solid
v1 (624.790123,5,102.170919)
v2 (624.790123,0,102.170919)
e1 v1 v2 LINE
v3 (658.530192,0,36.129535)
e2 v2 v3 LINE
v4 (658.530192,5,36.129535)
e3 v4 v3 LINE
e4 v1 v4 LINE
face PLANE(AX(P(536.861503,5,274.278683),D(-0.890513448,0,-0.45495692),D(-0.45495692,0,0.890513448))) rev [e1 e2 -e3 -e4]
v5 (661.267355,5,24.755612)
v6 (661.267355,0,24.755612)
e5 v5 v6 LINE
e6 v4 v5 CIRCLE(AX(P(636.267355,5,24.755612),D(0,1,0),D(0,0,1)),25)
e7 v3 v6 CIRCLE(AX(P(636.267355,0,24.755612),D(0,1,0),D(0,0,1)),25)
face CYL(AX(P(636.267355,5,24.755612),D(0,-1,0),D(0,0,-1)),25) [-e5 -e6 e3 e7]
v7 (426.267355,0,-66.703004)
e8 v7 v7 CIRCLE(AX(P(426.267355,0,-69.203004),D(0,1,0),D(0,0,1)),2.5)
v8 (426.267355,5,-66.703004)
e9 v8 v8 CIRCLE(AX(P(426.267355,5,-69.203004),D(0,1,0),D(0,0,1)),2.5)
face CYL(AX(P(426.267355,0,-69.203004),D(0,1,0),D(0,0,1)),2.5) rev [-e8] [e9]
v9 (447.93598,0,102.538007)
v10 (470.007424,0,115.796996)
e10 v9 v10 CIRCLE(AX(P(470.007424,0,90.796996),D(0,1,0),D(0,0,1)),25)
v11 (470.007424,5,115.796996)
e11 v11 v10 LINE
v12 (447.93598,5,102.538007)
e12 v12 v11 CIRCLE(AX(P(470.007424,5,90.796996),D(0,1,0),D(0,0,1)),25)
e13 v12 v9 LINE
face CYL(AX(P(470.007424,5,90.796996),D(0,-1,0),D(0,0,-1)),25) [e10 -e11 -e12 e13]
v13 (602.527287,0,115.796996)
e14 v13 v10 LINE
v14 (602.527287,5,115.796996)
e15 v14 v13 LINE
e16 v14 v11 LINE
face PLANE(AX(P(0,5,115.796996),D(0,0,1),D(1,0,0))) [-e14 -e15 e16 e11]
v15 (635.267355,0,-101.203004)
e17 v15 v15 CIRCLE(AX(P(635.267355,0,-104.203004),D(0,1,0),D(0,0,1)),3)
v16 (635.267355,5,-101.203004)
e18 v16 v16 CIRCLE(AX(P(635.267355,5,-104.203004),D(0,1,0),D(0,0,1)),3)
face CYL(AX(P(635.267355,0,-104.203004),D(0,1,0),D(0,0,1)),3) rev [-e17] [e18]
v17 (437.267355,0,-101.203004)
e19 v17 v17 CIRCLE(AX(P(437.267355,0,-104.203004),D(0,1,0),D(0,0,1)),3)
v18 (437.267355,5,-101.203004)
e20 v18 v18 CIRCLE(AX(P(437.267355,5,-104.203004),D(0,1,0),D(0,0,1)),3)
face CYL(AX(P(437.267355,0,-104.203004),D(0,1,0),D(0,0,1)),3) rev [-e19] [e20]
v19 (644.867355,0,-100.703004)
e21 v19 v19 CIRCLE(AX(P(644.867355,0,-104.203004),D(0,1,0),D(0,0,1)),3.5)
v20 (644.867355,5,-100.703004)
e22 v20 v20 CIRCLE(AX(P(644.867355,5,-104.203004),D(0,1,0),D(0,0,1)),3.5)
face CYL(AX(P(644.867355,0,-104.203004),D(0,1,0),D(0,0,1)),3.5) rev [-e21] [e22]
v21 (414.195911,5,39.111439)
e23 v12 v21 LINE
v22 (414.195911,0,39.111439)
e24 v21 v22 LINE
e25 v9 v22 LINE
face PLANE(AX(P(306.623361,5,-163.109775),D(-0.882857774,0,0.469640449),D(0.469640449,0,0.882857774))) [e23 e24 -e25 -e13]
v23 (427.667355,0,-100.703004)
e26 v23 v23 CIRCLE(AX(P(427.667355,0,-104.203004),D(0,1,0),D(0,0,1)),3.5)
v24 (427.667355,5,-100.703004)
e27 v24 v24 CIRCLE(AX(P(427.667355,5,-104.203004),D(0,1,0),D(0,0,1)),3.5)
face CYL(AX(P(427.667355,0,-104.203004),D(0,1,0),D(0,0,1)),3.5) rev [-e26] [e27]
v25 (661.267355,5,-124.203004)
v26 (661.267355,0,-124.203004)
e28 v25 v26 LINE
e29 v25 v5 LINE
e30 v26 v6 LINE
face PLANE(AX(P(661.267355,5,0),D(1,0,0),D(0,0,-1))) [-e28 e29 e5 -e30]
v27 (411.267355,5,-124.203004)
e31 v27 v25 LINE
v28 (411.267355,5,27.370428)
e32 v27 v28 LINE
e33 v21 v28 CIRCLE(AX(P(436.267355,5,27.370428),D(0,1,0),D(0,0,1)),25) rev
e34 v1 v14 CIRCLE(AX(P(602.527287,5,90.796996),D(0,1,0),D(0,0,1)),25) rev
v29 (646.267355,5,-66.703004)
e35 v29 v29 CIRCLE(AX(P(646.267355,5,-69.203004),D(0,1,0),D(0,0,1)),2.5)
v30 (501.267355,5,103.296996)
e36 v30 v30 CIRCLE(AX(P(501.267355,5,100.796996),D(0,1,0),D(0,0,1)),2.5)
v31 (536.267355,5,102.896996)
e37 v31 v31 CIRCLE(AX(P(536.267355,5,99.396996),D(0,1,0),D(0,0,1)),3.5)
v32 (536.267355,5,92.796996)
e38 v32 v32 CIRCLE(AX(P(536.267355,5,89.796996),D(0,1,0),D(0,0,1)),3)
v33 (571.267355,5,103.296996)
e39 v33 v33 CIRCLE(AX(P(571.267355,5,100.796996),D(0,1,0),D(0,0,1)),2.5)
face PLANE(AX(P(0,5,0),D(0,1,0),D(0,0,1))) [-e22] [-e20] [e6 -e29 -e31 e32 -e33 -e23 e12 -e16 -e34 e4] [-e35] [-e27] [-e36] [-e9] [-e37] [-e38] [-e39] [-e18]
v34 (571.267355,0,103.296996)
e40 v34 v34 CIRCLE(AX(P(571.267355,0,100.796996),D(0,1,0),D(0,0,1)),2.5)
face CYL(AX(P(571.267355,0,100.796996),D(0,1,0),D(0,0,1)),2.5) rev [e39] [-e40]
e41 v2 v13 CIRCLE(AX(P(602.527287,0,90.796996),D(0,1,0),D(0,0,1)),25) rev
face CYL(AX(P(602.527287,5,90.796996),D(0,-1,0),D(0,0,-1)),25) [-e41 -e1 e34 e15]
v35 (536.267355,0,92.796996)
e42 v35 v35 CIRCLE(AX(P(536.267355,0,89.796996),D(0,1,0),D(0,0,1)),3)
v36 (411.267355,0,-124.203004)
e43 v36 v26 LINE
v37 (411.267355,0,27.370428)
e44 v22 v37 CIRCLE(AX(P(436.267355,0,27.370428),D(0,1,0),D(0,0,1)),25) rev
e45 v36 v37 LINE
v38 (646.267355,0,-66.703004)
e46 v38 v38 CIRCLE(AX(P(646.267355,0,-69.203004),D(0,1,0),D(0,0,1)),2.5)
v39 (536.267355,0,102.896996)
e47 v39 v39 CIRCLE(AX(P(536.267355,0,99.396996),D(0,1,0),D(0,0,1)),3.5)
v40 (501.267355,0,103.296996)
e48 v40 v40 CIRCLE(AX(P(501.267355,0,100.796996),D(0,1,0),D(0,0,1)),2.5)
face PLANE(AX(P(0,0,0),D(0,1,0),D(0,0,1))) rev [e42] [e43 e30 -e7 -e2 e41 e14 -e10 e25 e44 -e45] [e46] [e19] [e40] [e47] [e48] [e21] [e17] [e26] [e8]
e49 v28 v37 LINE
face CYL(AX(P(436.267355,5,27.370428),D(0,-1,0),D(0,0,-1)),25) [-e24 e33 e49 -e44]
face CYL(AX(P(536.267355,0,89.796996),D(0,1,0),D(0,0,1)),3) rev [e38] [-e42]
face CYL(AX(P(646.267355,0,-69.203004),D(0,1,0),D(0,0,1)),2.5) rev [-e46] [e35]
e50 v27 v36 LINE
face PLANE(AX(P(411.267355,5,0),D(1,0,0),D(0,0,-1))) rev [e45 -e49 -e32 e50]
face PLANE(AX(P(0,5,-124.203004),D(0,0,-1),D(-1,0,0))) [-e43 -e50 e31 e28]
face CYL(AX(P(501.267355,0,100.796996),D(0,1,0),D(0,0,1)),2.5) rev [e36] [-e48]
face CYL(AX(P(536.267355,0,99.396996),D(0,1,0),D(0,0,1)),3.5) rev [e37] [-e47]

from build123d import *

# Parameters (mm, degrees)
RESSALTO_EXTRUS_O4_DEPTH = 5
ESBO_O2_R                = 2.5
ESBO_O2_R_2              = 3.5
ESBO_O2_R_3              = 3
CORTE_EXTRUS_O1_DEPTH    = 5


with BuildPart() as part:
    # Esboço1 → Ressalto-extrusão4 (new body)
    with BuildSketch(Plane(origin=(0, 0, 0), x_dir=(1, 0, 0), z_dir=(0, 1, 0))):
        with BuildLine():
            Line((470.007423898, -115.796995794), (602.527286899, -115.796995794))
            ThreePointArc((602.527286899, -115.796995794), (615.578185817, -112.120082753), (624.7901231, -102.17091879))
            Line((624.7901231, -102.17091879), (658.530191599, -36.129534592))
            ThreePointArc((658.530191599, -36.129534592), (660.573433908, -30.604931856), (661.267355398, -24.755611597))
            Line((661.267355398, -24.755611597), (661.267355398, 84.203004206))
            Line((661.267355398, 84.203004206), (661.267355398, 124.203004206))
            Line((661.267355398, 124.203004206), (411.267355398, 124.203004206))
            Line((411.267355398, 124.203004206), (411.267355398, 81.588187759))
            Line((411.267355398, 81.588187759), (411.267355398, -27.370428044))
            ThreePointArc((411.267355398, -27.370428044), (412.010540804, -33.420795447), (414.195911055, -39.11143927))
            Line((414.195911055, -39.11143927), (447.935979555, -102.53800702))
            ThreePointArc((447.935979555, -102.53800702), (457.133521627, -112.227409704), (470.007423898, -115.796995794))
        make_face()
    extrude(amount=RESSALTO_EXTRUS_O4_DEPTH)

    # Esboço2 → Corte-extrusão1 (cut)
    with BuildSketch(Plane(origin=(0, 5, 0), x_dir=(1, 0, 0), z_dir=(0, 1, 0))):
        with Locations(Location((571.267355398, -100.796995794, 0), (0, 0, 270))):
            Circle(ESBO_O2_R)
        with Locations(Location((501.267355398, -100.796995794, 0), (0, 0, 270))):
            Circle(ESBO_O2_R)
        with Locations(Location((646.267355398, 69.203004206, 0), (0, 0, 270))):
            Circle(ESBO_O2_R)
        with Locations(Location((426.267355398, 69.203004206, 0), (0, 0, 270))):
            Circle(ESBO_O2_R)
        with Locations(Location((536.267355398, -99.396995794, 0), (0, 0, 270))):
            Circle(ESBO_O2_R_2)
        with Locations(Location((536.267355398, -89.796995794, 0), (0, 0, 270))):
            Circle(ESBO_O2_R_3)
        with Locations(Location((644.867355398, 104.203004206, 0), (0, 0, 270))):
            Circle(ESBO_O2_R_2)
        with Locations(Location((635.267355398, 104.203004206, 0), (0, 0, 270))):
            Circle(ESBO_O2_R_3)
        with Locations(Location((427.667355398, 104.203004206, 0), (0, 0, 270))):
            Circle(ESBO_O2_R_2)
        with Locations(Location((437.267355398, 104.203004206, 0), (0, 0, 270))):
            Circle(ESBO_O2_R_3)
    extrude(amount=-CORTE_EXTRUS_O1_DEPTH, mode=Mode.SUBTRACT)


solid = part.part
